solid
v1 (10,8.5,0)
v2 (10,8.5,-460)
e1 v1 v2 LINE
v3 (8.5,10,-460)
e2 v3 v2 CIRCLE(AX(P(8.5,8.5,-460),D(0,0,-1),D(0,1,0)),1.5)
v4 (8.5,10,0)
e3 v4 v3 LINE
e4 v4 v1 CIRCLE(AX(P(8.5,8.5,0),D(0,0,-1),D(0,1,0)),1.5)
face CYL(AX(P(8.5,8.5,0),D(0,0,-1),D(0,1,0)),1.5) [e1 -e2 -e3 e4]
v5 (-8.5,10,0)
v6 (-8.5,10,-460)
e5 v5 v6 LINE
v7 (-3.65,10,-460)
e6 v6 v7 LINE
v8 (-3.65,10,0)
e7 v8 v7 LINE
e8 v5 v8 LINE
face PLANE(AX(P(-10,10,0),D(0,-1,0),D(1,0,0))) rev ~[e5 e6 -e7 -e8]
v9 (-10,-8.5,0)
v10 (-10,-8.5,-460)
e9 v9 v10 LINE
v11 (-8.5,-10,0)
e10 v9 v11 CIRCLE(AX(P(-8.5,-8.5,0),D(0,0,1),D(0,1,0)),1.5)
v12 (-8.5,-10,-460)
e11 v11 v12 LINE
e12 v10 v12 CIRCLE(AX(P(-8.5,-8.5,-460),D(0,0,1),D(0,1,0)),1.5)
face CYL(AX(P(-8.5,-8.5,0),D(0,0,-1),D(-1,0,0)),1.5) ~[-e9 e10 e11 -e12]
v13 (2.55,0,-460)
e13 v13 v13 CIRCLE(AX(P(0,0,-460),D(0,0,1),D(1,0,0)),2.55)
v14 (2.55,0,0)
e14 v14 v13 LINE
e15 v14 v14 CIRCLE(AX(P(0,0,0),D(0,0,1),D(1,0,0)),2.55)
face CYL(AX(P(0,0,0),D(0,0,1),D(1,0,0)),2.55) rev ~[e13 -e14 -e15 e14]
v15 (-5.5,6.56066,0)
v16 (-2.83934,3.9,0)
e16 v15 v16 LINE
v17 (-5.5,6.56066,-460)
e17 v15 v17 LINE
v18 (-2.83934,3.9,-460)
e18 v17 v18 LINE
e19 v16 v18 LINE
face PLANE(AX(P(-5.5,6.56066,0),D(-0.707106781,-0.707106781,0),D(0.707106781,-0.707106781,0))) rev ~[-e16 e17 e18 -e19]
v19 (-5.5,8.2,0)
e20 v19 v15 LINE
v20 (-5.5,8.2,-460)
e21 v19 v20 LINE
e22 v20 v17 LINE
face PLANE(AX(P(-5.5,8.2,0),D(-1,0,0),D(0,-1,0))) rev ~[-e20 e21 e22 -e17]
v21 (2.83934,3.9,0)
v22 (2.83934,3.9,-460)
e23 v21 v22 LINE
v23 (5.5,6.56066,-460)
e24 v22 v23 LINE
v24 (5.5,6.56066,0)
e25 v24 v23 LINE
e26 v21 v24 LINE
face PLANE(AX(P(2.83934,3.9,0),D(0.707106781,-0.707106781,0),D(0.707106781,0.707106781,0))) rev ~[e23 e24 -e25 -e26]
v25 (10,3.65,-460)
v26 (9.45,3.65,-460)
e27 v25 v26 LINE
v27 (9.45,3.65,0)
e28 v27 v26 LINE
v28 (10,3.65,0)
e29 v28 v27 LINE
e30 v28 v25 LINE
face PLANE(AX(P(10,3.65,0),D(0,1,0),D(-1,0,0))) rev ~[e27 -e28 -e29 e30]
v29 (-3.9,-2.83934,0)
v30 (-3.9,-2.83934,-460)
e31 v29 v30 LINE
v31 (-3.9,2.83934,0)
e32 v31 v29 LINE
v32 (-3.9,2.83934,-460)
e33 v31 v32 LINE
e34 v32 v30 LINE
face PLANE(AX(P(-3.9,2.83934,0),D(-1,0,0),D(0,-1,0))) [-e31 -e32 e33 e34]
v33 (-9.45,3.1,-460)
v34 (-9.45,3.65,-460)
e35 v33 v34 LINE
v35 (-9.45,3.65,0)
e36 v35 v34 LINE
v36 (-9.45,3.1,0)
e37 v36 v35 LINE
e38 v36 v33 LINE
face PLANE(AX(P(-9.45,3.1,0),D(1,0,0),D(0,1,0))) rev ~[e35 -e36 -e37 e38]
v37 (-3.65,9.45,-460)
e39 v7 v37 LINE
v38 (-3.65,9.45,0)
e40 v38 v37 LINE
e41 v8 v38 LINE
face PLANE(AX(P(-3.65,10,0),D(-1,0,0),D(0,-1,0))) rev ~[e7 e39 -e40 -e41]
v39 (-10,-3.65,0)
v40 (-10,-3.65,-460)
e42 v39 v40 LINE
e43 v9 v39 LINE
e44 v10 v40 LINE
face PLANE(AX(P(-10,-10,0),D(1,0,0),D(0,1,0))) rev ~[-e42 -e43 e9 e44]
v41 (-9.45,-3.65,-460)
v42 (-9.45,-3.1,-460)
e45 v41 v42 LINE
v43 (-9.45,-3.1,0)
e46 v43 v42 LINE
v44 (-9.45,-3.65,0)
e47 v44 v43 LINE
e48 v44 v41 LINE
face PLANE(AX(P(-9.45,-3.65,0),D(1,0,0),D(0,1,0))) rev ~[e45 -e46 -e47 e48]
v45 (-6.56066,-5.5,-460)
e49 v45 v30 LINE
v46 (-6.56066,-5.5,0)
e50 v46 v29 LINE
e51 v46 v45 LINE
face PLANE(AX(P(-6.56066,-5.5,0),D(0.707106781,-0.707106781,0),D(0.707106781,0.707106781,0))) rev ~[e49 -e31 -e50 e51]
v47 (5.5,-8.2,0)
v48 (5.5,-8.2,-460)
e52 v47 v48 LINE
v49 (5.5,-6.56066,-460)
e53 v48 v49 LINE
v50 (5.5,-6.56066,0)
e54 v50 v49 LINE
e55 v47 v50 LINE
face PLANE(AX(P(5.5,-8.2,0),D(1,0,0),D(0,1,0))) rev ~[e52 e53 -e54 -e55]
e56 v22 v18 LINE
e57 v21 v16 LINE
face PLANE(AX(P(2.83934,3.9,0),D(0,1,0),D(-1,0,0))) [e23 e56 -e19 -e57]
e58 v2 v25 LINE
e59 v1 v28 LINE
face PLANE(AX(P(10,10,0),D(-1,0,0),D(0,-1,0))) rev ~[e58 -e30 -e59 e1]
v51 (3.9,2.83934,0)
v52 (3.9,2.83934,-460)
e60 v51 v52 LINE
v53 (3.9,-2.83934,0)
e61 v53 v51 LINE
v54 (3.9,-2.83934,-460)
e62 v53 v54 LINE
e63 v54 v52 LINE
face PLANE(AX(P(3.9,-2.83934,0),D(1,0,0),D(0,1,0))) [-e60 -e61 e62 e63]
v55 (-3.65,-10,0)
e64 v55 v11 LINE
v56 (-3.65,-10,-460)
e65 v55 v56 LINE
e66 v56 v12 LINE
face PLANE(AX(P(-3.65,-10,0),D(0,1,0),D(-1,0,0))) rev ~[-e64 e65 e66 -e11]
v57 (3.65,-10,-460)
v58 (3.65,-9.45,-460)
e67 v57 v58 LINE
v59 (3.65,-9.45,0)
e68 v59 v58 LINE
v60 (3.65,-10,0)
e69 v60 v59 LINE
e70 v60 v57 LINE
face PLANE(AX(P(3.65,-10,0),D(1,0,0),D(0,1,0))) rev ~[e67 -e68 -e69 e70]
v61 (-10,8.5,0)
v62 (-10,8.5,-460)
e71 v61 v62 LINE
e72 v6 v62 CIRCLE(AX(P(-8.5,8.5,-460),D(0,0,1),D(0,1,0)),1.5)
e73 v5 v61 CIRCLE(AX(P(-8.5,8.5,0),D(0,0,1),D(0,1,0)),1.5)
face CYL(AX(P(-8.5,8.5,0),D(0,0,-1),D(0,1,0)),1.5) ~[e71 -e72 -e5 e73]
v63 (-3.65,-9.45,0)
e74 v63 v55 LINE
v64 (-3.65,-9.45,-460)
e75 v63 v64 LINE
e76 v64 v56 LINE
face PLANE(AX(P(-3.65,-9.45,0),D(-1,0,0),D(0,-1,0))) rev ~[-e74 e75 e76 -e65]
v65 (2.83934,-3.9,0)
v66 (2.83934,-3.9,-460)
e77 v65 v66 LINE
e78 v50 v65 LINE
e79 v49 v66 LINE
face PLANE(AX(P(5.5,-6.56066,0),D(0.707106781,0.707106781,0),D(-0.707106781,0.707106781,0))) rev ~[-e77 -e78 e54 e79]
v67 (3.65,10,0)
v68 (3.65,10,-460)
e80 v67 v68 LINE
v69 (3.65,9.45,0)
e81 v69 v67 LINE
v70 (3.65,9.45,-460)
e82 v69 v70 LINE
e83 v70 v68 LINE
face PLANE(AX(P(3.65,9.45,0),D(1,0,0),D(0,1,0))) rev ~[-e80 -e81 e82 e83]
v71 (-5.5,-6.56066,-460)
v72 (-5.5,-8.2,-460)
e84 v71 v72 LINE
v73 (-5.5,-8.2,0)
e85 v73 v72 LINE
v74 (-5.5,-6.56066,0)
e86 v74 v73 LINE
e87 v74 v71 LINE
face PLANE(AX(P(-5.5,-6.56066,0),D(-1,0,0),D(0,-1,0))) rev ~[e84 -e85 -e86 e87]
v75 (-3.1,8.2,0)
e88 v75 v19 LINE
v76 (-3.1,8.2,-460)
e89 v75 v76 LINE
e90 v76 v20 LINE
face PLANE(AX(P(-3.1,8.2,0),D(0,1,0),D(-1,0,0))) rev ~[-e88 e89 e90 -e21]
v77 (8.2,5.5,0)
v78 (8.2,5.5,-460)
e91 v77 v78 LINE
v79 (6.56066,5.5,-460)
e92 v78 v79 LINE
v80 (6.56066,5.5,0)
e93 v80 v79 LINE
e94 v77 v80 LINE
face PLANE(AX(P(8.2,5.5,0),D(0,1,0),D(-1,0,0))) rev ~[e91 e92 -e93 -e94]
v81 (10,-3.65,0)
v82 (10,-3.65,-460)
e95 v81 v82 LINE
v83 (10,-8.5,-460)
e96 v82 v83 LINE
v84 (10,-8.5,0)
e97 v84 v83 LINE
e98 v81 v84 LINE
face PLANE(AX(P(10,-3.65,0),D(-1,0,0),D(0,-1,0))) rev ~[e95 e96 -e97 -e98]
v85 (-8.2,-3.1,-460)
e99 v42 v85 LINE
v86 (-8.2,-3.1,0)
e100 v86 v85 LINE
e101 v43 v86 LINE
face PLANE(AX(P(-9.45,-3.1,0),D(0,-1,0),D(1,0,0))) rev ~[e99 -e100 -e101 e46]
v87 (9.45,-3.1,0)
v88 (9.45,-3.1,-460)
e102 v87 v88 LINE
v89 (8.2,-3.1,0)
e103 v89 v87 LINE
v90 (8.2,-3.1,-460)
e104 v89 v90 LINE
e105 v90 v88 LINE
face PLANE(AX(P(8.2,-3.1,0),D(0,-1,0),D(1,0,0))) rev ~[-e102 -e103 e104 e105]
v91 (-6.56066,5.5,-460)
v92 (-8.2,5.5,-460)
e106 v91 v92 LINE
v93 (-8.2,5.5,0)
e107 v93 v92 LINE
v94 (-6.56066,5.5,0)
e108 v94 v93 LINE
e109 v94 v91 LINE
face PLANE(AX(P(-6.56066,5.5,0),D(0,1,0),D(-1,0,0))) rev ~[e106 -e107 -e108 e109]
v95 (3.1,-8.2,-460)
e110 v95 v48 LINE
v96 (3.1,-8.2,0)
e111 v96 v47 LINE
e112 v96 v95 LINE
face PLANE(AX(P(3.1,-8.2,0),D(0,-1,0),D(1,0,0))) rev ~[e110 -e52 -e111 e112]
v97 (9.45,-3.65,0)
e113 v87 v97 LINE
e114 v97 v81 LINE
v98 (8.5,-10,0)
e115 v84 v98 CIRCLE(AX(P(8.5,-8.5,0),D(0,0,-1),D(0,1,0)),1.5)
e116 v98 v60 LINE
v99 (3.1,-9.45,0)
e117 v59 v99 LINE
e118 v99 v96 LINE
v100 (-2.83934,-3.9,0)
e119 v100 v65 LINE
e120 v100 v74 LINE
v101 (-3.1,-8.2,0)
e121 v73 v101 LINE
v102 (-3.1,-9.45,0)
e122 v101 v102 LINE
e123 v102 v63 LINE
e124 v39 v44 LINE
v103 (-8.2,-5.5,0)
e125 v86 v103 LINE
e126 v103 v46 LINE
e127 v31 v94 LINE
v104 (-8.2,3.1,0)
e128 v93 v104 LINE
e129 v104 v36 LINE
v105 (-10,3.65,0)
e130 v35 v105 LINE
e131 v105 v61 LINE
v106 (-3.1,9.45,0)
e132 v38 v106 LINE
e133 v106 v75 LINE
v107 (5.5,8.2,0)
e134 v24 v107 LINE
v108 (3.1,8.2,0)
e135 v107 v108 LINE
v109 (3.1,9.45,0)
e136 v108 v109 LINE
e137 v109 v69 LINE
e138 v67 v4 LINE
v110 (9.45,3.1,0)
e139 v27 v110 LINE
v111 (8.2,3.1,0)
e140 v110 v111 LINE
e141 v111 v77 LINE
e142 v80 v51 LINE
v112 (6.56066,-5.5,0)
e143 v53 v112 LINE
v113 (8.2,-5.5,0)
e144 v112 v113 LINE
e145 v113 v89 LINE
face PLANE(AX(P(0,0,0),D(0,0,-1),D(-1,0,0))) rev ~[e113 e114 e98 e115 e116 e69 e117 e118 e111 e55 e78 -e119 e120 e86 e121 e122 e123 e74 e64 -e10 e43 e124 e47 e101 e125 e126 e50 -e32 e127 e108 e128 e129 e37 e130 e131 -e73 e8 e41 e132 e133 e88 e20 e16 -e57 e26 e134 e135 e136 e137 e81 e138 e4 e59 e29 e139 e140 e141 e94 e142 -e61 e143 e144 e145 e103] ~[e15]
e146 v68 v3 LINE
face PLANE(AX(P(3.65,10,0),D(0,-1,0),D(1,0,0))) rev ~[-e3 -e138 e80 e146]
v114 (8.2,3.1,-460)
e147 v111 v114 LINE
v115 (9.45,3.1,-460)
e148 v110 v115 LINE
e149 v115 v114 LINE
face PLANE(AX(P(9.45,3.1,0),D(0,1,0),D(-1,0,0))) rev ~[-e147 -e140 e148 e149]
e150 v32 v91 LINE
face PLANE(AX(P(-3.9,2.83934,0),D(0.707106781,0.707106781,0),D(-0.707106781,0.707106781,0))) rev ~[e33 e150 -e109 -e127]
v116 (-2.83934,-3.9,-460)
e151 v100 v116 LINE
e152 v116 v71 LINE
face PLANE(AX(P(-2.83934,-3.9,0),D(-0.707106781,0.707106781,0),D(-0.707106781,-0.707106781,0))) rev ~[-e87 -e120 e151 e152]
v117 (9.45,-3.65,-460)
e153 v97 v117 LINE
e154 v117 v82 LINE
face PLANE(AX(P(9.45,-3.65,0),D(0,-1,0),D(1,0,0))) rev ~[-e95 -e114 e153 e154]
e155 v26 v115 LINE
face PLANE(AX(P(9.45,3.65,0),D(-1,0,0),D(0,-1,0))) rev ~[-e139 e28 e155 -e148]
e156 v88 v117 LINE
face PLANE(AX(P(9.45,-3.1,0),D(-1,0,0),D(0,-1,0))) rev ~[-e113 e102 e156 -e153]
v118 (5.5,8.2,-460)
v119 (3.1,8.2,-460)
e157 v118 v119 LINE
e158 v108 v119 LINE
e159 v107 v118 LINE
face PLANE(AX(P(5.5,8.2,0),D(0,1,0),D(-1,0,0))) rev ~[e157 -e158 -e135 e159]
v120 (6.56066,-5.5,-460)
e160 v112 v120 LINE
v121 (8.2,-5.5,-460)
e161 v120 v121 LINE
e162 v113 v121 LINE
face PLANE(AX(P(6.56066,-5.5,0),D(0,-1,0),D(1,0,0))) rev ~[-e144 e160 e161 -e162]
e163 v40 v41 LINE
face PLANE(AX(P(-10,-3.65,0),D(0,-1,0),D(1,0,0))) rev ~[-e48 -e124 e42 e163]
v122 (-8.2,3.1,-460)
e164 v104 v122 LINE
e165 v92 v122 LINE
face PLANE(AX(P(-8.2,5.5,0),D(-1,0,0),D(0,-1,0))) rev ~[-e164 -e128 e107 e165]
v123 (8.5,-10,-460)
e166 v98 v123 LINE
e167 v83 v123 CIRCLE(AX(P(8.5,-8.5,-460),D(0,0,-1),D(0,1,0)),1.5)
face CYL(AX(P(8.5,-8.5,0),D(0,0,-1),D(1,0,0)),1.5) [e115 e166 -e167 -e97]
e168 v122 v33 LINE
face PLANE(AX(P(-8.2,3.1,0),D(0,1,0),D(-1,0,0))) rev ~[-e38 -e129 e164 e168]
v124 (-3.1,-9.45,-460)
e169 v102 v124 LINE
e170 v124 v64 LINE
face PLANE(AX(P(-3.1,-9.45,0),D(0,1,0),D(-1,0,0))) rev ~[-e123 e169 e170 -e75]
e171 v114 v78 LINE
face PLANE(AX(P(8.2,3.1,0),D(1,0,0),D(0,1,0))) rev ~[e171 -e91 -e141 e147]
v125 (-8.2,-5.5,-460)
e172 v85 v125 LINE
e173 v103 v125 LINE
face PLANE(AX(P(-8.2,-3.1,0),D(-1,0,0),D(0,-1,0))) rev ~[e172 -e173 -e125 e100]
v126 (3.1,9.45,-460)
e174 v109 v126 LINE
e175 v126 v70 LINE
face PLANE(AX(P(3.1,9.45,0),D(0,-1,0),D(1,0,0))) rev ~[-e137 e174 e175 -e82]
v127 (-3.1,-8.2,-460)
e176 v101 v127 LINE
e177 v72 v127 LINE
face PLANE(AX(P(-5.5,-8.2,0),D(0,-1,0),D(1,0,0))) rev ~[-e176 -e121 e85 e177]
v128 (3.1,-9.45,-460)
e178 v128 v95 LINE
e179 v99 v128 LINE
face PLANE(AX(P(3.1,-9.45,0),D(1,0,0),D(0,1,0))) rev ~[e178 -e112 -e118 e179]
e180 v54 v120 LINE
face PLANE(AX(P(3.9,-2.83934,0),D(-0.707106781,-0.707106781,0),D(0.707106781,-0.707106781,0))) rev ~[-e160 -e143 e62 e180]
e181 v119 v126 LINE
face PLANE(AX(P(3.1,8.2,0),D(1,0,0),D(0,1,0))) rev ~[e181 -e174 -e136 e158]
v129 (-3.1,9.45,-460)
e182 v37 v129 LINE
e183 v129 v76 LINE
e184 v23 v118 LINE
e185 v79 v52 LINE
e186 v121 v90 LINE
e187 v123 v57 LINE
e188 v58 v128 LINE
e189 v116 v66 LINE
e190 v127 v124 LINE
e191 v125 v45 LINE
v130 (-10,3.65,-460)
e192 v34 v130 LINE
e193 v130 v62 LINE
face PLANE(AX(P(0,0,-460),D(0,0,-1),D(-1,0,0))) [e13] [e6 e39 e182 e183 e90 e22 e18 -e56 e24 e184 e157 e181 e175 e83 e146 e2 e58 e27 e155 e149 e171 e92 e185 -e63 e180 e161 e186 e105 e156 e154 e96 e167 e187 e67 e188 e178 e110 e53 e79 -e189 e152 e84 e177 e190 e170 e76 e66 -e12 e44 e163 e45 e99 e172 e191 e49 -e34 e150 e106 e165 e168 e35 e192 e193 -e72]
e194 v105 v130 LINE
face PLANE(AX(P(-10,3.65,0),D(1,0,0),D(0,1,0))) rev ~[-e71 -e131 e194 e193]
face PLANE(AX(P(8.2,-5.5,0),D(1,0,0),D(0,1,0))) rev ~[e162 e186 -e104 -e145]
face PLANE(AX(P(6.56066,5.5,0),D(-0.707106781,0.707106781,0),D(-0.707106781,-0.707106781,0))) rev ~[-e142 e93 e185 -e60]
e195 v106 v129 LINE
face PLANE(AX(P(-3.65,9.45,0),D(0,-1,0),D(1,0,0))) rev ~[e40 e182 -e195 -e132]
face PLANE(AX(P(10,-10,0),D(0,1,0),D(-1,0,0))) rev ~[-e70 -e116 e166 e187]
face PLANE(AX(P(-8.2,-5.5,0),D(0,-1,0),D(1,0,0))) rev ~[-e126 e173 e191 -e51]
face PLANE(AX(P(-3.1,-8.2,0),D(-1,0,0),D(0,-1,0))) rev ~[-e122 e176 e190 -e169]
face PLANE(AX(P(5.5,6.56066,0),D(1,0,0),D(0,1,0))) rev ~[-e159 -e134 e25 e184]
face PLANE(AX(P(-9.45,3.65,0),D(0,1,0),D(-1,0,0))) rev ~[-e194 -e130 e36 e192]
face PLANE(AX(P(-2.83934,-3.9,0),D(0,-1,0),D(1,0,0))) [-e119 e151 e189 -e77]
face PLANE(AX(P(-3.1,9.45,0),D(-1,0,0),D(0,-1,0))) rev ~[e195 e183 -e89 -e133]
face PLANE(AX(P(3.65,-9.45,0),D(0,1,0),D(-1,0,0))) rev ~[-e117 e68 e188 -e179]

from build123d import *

# Parameters (mm, degrees)
BOSS_EXTRUDE1_DEPTH = 460
SKETCH3_R           = 2.55
CUT_EXTRUDE1_DEPTH  = 461.21733996
FILLET1_R           = 1.5


with BuildPart() as part:
    # Sketch2 → Boss-Extrude1 (new body)
    with BuildSketch(Plane.XY):
        Polygon((-10, 10), (-3.65, 10), (-3.65, 9.45), (-3.1, 9.45), (-3.1, 8.2), (-5.5, 8.2), (-5.5, 6.560660172), (-2.839339828, 3.9), (0, 3.9), (2.839339828, 3.9), (5.5, 6.560660172), (5.5, 8.2), (3.1, 8.2), (3.1, 9.45), (3.65, 9.45), (3.65, 10), (10, 10), (10, 3.65), (9.45, 3.65), (9.45, 3.1), (8.2, 3.1), (8.2, 5.5), (6.560660172, 5.5), (3.9, 2.839339828), (3.9, 0), (3.9, -2.839339828), (6.560660172, -5.5), (8.2, -5.5), (8.2, -3.1), (9.45, -3.1), (9.45, -3.65), (10, -3.65), (10, -10), (3.65, -10), (3.65, -9.45), (3.1, -9.45), (3.1, -8.2), (5.5, -8.2), (5.5, -6.560660172), (2.839339828, -3.9), (0, -3.9), (-2.839339828, -3.9), (-5.5, -6.560660172), (-5.5, -8.2), (-3.1, -8.2), (-3.1, -9.45), (-3.65, -9.45), (-3.65, -10), (-10, -10), (-10, -3.65), (-9.45, -3.65), (-9.45, -3.1), (-8.2, -3.1), (-8.2, -5.5), (-6.560660172, -5.5), (-3.9, -2.839339828), (-3.9, 0), (-3.9, 2.839339828), (-6.560660172, 5.5), (-8.2, 5.5), (-8.2, 3.1), (-9.45, 3.1), (-9.45, 3.65), (-10, 3.65), align=None)
    extrude(amount=-BOSS_EXTRUDE1_DEPTH)

    # Sketch3 → Cut-Extrude1 (cut, through all)
    with BuildSketch(Plane.XY):
        Circle(SKETCH3_R)
    extrude(amount=-CUT_EXTRUDE1_DEPTH, mode=Mode.SUBTRACT)

    # Fillet1
    fillet1_edges = [part.edges().sort_by_distance(p)[0] for p in [
        (10, 10, -230),
        (10, -10, -230),
        (-10, -10, -230),
        (-10, 10, -230),
    ]]
    fillet(fillet1_edges, radius=FILLET1_R)


solid = part.part
